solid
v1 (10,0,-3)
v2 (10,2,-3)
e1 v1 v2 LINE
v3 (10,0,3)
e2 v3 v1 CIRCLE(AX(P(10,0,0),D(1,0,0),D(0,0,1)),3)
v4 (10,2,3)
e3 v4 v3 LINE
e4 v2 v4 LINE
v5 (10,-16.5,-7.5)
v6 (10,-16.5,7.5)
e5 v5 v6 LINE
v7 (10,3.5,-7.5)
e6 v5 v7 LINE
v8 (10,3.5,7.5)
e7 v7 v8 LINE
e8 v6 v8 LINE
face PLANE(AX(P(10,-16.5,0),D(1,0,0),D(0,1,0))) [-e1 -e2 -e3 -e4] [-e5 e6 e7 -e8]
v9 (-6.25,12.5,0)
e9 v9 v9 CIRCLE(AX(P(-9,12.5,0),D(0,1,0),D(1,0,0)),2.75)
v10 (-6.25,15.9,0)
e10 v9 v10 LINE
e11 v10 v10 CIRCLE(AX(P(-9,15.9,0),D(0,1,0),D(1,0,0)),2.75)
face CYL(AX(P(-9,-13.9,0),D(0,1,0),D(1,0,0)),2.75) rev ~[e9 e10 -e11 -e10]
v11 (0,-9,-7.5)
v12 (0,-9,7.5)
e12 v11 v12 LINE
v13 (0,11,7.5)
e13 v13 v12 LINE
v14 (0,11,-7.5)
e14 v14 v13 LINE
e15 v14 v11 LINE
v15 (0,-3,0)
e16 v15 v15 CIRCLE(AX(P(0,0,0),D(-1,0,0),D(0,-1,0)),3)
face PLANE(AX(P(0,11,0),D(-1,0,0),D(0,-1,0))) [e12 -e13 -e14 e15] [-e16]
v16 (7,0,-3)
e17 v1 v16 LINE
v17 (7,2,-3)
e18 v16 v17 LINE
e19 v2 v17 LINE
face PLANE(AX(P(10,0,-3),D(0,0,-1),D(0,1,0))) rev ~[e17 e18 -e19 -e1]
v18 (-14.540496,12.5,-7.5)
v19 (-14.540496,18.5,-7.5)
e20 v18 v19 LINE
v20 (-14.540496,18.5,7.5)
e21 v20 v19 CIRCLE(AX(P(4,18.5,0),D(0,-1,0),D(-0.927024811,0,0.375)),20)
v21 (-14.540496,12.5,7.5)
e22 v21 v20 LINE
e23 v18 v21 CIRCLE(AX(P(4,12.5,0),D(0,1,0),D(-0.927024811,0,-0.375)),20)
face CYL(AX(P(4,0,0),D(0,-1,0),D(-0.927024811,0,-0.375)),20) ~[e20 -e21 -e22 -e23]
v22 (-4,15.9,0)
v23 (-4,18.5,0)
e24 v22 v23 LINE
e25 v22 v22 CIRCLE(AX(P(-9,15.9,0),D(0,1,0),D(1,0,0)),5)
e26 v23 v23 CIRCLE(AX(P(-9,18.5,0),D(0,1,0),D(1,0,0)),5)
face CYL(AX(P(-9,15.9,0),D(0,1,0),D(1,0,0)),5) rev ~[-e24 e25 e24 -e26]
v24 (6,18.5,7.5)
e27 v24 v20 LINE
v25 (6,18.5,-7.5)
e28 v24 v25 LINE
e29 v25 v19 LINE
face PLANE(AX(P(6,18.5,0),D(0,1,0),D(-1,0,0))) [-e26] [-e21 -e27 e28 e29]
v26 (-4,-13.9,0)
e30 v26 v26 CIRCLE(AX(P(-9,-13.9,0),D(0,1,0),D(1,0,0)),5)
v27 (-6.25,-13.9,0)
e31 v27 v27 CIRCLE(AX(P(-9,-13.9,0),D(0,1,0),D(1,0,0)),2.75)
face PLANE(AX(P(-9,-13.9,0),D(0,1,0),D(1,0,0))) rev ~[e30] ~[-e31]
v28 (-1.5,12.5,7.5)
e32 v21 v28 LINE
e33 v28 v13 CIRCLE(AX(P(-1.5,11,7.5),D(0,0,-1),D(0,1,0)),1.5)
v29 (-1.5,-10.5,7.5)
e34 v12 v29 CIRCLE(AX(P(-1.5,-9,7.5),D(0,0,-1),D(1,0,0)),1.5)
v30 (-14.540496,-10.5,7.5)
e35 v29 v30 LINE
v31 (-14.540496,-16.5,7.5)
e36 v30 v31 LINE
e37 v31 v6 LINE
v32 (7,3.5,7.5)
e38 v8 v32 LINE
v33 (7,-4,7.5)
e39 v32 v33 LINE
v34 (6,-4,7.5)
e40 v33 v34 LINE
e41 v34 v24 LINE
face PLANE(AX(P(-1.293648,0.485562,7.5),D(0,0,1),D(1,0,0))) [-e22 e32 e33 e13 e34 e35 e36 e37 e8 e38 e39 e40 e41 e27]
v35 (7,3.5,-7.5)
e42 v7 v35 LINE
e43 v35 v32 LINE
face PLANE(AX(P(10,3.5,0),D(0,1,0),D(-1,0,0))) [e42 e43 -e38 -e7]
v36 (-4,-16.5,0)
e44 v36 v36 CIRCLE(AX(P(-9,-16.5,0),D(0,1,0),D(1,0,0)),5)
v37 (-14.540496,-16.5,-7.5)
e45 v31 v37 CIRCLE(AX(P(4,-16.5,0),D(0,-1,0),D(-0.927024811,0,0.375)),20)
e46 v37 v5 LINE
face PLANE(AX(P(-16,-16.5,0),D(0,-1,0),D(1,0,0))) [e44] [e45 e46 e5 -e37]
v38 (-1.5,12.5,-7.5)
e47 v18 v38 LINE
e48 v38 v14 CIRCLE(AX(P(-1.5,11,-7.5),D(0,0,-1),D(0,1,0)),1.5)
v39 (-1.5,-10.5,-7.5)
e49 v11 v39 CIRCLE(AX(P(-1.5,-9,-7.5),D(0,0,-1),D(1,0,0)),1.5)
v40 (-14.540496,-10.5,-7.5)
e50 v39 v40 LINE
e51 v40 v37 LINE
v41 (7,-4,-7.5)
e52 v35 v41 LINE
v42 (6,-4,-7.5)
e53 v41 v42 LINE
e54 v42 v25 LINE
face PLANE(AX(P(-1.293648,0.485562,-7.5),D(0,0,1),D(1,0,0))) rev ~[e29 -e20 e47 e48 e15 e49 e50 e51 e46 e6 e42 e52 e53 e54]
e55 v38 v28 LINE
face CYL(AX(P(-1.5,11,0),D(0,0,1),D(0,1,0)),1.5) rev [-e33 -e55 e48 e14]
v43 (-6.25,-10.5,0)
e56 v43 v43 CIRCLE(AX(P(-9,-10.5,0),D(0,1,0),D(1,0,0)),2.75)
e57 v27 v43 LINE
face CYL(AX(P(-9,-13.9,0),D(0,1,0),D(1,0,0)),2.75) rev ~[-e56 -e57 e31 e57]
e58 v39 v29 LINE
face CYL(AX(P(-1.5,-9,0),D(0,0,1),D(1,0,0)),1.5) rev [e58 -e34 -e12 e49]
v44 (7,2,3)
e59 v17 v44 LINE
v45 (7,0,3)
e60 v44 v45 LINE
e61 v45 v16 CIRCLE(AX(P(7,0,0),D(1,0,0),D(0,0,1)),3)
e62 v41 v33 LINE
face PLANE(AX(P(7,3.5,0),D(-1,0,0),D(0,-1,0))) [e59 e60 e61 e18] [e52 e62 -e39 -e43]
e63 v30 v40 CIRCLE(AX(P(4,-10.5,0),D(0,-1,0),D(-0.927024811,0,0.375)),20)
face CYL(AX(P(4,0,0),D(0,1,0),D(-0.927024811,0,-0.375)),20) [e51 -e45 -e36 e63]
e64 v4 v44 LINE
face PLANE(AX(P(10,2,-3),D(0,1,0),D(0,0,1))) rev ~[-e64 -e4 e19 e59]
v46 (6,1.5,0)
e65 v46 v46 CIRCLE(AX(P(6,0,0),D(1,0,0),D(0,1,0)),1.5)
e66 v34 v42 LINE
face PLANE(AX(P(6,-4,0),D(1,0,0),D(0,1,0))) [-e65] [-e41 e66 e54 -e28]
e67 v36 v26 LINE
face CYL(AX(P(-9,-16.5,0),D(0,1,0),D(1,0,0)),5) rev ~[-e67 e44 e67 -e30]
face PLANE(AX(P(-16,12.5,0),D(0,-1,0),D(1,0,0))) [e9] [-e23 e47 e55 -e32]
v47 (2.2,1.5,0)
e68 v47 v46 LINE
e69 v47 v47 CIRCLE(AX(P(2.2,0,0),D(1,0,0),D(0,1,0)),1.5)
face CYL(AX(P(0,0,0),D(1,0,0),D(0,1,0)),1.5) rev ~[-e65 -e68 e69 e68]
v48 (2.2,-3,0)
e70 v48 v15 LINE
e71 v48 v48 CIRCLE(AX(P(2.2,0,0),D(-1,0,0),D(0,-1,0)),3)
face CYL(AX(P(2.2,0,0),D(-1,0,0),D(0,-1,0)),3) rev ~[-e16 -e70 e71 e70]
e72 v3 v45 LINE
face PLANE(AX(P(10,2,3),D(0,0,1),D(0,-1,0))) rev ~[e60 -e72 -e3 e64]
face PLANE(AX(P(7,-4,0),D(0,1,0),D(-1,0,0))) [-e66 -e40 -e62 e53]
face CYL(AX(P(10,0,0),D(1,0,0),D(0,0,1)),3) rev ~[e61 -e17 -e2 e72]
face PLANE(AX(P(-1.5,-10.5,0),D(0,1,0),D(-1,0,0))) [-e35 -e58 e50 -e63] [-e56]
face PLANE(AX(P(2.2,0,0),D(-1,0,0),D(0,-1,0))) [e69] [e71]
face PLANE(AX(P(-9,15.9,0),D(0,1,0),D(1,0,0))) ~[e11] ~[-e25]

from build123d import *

# Parameters (mm, degrees)
F1_DEPTH       = 7.5
F3_D           = 3
F3_CBORE_D     = 6
F3_CBORE_DEPTH = 2.2
F5_DEPTH       = 3
F9_DEPTH       = 18.501
F9_DEPTH_BACK  = 16.501


with BuildPart() as f1:
    # F0 (on Top) → F1 (new body, symmetric)
    with BuildSketch(Plane.XY):
        with BuildLine():
            Line((-16, 18.5), (-16, 12.5))
            Line((-16, 12.5), (-1.5, 12.5))
            ThreePointArc((-1.5, 12.5), (-0.4393398282, 12.0606601718), (0, 11))
            Line((0, 11), (0, -9))
            ThreePointArc((0, -9), (-0.4393398282, -10.0606601718), (-1.5, -10.5))
            Line((-1.5, -10.5), (-16, -10.5))
            Line((-16, -10.5), (-16, -16.5))
            Line((-16, -16.5), (10, -16.5))
            Line((10, -16.5), (10, 3.5))
            Line((10, 3.5), (7, 3.5))
            Line((7, 3.5), (7, -4))
            Line((7, -4), (6, -4))
            Line((6, -4), (6, 18.5))
            Line((6, 18.5), (-16, 18.5))
        make_face()
    extrude(amount=F1_DEPTH, both=True)

    # F3 (through all)
    with Locations(Plane(origin=(0, 0, 0), x_dir=(0, -1, 0), z_dir=(-1, 0, 0))):
        with Locations((0, 0)):
            CounterBoreHole(F3_D / 2, F3_CBORE_D / 2, F3_CBORE_DEPTH)

    # F4 (on face) → F5 (cut, through all)
    with BuildSketch(Plane.YZ.offset(10)):
        with BuildLine():
            Line((2, 3), (0, 3))
            ThreePointArc((0, 3), (-3, 0), (0, -3))
            Line((0, -3), (2, -3))
            Line((2, -3), (2, 3))
        make_face()
    extrude(amount=-F5_DEPTH, mode=Mode.SUBTRACT)

    # F6 (on Top) → F7 (revolve, cut)
    with BuildSketch(Plane.XY):
        Polygon((-9, -16.5), (-4, -16.5), (-4, -13.9), (-6.25, -13.9), (-6.25, 15.9), (-4, 15.9), (-4, 18.5), (-9, 18.5), align=None)
    revolve(axis=Axis((-9, 21, 0), (0, 1, 0)), mode=Mode.SUBTRACT)

    # F8 (on Front) → F9 (cut, two sides)
    with BuildSketch(Plane.XZ) as f9_sk:
        with BuildLine():
            ThreePointArc((-14.5404962177, -7.5), (-16, 0), (-14.5404962177, 7.5))
            Line((-14.5404962177, 7.5), (-17.27, 7.5))
            Line((-17.27, 7.5), (-17.27, -7.5))
            Line((-17.27, -7.5), (-14.5404962177, -7.5))
        make_face()
    extrude(amount=-F9_DEPTH, mode=Mode.SUBTRACT)
    extrude(f9_sk.sketch, amount=F9_DEPTH_BACK, mode=Mode.SUBTRACT)


solid = f1.part
